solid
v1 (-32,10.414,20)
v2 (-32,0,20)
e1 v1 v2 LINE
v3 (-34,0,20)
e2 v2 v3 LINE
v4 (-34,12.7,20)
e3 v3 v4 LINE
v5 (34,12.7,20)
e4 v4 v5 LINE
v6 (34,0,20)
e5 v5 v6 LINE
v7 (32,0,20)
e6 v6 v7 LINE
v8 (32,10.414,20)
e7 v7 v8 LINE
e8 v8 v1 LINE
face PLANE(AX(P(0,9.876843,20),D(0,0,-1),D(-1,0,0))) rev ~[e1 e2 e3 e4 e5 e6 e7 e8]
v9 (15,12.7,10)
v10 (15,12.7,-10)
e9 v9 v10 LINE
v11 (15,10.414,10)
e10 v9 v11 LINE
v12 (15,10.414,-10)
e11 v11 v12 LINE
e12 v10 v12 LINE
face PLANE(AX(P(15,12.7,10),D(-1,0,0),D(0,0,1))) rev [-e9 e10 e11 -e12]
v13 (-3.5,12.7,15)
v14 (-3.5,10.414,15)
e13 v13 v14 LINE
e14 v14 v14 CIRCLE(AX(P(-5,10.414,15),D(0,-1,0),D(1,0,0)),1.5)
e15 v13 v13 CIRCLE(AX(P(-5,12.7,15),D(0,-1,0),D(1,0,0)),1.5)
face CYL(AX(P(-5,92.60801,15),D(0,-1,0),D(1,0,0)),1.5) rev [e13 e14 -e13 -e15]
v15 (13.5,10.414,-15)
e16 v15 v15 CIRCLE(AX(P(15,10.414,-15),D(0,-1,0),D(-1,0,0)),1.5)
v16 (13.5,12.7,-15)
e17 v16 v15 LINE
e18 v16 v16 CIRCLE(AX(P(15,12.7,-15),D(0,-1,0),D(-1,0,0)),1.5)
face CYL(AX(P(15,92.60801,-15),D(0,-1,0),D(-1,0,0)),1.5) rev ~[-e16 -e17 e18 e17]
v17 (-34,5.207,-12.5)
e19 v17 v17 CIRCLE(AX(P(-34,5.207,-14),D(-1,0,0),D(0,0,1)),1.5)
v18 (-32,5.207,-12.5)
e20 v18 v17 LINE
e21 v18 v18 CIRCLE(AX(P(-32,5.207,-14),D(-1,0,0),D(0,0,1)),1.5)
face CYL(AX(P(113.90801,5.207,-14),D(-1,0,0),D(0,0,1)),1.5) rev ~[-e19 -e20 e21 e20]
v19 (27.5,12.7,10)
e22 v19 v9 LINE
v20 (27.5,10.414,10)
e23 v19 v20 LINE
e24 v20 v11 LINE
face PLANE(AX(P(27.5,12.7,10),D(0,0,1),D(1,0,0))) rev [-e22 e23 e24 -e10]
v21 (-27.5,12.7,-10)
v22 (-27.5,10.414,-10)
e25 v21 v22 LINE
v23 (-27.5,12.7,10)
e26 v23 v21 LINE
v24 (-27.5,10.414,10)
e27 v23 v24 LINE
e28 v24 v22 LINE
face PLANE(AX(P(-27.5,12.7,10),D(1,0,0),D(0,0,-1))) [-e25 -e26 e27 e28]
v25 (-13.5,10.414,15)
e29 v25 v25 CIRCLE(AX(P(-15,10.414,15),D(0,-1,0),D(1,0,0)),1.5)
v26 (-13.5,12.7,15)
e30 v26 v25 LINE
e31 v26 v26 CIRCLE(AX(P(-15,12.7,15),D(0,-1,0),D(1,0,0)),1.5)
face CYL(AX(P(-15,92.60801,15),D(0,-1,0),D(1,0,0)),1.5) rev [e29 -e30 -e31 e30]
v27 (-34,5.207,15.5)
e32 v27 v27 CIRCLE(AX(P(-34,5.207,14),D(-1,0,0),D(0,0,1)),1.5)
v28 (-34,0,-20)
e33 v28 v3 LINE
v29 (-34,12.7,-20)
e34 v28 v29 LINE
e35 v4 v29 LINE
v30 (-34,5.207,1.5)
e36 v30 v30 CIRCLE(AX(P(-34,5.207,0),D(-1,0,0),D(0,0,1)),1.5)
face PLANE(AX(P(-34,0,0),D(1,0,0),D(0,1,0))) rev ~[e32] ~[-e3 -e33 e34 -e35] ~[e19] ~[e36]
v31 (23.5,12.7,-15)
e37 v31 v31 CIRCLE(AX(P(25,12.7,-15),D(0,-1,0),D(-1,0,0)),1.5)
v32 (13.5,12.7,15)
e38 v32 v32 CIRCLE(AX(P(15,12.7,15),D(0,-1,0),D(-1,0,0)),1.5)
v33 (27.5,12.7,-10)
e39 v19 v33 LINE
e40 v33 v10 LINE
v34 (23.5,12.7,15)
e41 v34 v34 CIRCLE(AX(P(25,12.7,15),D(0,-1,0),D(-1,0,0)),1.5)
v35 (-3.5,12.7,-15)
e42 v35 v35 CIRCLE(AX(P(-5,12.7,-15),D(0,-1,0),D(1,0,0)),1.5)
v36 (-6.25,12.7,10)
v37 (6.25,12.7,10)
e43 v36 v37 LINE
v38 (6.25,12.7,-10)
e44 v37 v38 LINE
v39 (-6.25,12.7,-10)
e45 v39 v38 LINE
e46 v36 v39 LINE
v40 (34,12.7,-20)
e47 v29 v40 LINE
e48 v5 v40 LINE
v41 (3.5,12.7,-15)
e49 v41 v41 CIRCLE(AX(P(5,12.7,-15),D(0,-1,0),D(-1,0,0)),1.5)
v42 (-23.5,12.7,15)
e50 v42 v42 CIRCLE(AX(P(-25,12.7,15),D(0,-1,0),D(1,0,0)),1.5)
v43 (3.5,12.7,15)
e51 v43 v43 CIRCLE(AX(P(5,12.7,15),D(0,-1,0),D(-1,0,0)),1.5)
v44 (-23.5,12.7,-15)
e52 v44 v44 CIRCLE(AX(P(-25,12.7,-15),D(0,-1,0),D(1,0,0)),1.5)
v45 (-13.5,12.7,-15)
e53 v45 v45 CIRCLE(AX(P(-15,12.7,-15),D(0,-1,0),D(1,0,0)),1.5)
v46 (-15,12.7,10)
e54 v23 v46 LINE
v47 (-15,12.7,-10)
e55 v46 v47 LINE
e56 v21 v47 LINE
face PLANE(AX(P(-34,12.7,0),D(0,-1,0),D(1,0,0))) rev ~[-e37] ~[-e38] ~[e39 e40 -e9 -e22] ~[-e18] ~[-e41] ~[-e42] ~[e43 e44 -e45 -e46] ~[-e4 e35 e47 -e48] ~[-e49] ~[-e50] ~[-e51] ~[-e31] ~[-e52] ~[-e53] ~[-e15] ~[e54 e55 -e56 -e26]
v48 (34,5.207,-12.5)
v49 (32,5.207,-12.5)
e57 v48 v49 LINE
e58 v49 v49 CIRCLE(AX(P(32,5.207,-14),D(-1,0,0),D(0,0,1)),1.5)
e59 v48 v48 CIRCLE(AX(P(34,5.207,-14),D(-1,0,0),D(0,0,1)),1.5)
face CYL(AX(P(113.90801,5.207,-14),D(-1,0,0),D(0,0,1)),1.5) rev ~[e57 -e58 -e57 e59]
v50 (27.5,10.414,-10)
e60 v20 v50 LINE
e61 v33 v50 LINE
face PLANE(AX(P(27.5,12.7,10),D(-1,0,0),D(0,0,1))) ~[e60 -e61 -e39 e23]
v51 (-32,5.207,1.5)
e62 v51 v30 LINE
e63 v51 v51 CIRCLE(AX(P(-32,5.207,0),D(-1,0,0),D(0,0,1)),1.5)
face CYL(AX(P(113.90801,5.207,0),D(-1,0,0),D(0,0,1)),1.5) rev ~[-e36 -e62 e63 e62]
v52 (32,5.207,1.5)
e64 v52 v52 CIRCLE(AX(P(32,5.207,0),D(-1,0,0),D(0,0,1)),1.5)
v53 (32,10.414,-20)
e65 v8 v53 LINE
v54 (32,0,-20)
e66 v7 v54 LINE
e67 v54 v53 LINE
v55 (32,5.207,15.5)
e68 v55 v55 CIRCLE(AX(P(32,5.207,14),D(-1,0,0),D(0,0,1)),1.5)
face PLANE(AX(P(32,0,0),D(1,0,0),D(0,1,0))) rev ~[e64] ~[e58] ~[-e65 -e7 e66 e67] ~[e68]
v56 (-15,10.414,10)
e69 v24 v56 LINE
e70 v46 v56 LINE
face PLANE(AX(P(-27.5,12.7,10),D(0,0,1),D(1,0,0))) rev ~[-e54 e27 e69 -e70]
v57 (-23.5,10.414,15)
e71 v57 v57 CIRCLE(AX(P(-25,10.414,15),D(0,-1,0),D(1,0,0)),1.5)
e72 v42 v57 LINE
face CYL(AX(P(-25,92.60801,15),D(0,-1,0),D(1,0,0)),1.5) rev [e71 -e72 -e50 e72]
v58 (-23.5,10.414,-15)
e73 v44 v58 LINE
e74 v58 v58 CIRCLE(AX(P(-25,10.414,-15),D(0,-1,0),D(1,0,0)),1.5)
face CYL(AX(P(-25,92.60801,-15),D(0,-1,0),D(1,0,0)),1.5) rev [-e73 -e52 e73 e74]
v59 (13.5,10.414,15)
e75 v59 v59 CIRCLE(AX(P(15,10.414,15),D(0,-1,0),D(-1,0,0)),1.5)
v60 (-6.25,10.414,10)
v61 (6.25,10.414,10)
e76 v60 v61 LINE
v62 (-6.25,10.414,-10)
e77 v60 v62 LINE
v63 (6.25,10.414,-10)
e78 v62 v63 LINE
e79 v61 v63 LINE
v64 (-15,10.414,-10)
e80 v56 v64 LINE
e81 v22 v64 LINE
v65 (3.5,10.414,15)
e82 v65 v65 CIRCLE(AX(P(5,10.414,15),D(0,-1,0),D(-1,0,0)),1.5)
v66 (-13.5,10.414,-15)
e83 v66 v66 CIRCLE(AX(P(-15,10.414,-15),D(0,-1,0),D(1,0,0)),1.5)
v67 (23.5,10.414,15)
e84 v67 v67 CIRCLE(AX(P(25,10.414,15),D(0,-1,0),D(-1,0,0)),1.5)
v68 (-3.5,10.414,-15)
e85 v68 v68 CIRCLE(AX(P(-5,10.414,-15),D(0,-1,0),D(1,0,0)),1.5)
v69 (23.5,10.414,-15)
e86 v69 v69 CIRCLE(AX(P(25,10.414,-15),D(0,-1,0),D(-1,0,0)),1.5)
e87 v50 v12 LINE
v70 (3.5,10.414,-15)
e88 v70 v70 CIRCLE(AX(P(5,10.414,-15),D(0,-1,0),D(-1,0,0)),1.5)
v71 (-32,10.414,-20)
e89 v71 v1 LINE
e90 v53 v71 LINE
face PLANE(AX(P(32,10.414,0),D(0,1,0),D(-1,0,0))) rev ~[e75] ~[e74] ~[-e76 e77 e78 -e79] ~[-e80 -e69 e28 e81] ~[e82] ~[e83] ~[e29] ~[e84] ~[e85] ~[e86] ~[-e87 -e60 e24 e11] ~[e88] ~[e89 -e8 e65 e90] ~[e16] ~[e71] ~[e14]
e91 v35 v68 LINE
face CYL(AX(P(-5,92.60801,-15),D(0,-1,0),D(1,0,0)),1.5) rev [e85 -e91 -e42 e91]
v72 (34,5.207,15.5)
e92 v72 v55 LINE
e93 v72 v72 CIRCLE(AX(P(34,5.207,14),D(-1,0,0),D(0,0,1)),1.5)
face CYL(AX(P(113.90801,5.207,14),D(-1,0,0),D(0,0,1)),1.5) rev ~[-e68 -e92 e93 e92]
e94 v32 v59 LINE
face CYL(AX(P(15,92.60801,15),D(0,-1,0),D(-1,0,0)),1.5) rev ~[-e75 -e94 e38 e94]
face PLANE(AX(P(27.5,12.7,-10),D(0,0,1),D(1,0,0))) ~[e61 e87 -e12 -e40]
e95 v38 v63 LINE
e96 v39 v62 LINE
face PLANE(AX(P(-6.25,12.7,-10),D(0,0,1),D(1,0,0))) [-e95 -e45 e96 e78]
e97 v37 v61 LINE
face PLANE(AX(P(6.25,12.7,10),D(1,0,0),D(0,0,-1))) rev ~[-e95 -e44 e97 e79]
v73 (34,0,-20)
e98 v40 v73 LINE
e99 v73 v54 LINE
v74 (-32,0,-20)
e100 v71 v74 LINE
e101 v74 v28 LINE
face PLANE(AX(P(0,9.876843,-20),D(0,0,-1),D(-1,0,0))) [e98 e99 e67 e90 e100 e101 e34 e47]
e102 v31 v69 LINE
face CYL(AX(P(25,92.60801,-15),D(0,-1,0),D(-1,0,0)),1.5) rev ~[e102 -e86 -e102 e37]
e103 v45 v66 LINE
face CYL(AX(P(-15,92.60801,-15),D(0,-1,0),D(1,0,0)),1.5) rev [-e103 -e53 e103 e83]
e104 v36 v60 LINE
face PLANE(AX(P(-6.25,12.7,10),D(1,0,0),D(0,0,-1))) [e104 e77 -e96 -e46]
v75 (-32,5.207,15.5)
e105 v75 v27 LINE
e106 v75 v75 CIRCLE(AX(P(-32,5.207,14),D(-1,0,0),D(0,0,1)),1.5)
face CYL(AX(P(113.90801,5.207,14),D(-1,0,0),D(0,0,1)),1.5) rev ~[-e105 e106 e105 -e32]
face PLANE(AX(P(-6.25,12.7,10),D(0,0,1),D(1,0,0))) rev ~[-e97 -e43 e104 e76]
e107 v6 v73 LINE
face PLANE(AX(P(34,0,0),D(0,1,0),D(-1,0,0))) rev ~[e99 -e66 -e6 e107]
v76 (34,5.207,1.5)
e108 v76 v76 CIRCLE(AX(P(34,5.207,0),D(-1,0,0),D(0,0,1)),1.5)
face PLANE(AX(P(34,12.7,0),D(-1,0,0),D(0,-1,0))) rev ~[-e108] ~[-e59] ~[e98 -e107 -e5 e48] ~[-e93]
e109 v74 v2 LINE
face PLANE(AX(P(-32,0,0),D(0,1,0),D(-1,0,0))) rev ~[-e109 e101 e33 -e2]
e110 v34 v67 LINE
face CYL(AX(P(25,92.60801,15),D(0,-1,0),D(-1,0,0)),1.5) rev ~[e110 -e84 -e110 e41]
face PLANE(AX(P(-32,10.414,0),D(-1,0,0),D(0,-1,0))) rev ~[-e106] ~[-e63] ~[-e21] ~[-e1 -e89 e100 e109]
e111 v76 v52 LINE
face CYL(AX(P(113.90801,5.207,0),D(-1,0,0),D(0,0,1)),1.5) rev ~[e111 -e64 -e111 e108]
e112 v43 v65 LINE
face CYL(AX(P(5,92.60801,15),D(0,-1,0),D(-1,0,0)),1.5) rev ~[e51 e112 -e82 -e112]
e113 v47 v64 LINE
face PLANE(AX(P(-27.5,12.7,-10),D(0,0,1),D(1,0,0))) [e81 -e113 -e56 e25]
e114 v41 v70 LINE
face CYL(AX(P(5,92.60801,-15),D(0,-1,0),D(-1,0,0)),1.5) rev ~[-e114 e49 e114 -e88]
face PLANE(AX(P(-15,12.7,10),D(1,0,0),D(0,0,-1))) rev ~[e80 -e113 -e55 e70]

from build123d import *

# Parameters (mm, degrees)
BOSS_EXTRUDE1_DEPTH   = 20
F_3_0MM_DOWEL_HOLE1_D = 3
F_3_0MM_DOWEL_HOLE2_D = 3
SKETCH10_W            = 12.5
SKETCH10_H            = 20
CUT_EXTRUDE1_DEPTH    = 10
SKETCH11_W            = 12.5
SKETCH11_H            = 20
CUT_EXTRUDE2_DEPTH    = 10


with BuildPart() as part:
    # Sketch1 → Boss-Extrude1 (new body, symmetric)
    with BuildSketch(Plane.XY):
        Polygon((-34, 0), (-34, 12.7), (34, 12.7), (34, 0), (32, 0), (32, 10.414), (-32, 10.414), (-32, 0), align=None)
    extrude(amount=BOSS_EXTRUDE1_DEPTH, both=True)

    # Ø3.0mm Dowel Hole1 (through all)
    with Locations(Plane(origin=(34, 0, 0), x_dir=(0, 0, -1), z_dir=(1, 0, 0))):
        with Locations((-14, 5.207), (14, 5.207), (0, 5.207)):
            Hole(F_3_0MM_DOWEL_HOLE1_D / 2)

    # Ø3.0mm Dowel Hole2 (through all)
    with Locations(Plane(origin=(0, 12.7, 0), x_dir=(1, 0, 0), z_dir=(0, 1, 0))):
        with Locations((25, -15), (15, -15), (5, -15), (25, 15), (15, 15), (5, 15)):
            f_3_0mm_dowel_hole2 = Hole(F_3_0MM_DOWEL_HOLE2_D / 2)

    # Sketch10 → Cut-Extrude1 (cut)
    with BuildSketch(Plane(origin=(0, 12.7, 0), x_dir=(1, 0, 0), z_dir=(0, 1, 0))):
        with Locations((-21.25, 0)):
            Rectangle(SKETCH10_W, SKETCH10_H)
    cut_extrude1 = extrude(amount=-CUT_EXTRUDE1_DEPTH, mode=Mode.SUBTRACT)

    # Mirror1: Cut-Extrude1 across plane
    add(cut_extrude1.mirror(Plane(origin=(0, 0, 0), x_dir=(0, 0, 1), z_dir=(1, 0, 0))), mode=Mode.SUBTRACT)

    # Sketch11 → Cut-Extrude2 (cut)
    with BuildSketch(Plane(origin=(0, 12.7, 0), x_dir=(1, 0, 0), z_dir=(0, 1, 0))):
        Rectangle(SKETCH11_W, SKETCH11_H)
    extrude(amount=-CUT_EXTRUDE2_DEPTH, mode=Mode.SUBTRACT)

    # Mirror2: Ø3.0mm Dowel Hole2 across plane
    add(f_3_0mm_dowel_hole2.mirror(Plane(origin=(0, 0, 0), x_dir=(0, 0, 1), z_dir=(1, 0, 0))), mode=Mode.SUBTRACT)


solid = part.part
